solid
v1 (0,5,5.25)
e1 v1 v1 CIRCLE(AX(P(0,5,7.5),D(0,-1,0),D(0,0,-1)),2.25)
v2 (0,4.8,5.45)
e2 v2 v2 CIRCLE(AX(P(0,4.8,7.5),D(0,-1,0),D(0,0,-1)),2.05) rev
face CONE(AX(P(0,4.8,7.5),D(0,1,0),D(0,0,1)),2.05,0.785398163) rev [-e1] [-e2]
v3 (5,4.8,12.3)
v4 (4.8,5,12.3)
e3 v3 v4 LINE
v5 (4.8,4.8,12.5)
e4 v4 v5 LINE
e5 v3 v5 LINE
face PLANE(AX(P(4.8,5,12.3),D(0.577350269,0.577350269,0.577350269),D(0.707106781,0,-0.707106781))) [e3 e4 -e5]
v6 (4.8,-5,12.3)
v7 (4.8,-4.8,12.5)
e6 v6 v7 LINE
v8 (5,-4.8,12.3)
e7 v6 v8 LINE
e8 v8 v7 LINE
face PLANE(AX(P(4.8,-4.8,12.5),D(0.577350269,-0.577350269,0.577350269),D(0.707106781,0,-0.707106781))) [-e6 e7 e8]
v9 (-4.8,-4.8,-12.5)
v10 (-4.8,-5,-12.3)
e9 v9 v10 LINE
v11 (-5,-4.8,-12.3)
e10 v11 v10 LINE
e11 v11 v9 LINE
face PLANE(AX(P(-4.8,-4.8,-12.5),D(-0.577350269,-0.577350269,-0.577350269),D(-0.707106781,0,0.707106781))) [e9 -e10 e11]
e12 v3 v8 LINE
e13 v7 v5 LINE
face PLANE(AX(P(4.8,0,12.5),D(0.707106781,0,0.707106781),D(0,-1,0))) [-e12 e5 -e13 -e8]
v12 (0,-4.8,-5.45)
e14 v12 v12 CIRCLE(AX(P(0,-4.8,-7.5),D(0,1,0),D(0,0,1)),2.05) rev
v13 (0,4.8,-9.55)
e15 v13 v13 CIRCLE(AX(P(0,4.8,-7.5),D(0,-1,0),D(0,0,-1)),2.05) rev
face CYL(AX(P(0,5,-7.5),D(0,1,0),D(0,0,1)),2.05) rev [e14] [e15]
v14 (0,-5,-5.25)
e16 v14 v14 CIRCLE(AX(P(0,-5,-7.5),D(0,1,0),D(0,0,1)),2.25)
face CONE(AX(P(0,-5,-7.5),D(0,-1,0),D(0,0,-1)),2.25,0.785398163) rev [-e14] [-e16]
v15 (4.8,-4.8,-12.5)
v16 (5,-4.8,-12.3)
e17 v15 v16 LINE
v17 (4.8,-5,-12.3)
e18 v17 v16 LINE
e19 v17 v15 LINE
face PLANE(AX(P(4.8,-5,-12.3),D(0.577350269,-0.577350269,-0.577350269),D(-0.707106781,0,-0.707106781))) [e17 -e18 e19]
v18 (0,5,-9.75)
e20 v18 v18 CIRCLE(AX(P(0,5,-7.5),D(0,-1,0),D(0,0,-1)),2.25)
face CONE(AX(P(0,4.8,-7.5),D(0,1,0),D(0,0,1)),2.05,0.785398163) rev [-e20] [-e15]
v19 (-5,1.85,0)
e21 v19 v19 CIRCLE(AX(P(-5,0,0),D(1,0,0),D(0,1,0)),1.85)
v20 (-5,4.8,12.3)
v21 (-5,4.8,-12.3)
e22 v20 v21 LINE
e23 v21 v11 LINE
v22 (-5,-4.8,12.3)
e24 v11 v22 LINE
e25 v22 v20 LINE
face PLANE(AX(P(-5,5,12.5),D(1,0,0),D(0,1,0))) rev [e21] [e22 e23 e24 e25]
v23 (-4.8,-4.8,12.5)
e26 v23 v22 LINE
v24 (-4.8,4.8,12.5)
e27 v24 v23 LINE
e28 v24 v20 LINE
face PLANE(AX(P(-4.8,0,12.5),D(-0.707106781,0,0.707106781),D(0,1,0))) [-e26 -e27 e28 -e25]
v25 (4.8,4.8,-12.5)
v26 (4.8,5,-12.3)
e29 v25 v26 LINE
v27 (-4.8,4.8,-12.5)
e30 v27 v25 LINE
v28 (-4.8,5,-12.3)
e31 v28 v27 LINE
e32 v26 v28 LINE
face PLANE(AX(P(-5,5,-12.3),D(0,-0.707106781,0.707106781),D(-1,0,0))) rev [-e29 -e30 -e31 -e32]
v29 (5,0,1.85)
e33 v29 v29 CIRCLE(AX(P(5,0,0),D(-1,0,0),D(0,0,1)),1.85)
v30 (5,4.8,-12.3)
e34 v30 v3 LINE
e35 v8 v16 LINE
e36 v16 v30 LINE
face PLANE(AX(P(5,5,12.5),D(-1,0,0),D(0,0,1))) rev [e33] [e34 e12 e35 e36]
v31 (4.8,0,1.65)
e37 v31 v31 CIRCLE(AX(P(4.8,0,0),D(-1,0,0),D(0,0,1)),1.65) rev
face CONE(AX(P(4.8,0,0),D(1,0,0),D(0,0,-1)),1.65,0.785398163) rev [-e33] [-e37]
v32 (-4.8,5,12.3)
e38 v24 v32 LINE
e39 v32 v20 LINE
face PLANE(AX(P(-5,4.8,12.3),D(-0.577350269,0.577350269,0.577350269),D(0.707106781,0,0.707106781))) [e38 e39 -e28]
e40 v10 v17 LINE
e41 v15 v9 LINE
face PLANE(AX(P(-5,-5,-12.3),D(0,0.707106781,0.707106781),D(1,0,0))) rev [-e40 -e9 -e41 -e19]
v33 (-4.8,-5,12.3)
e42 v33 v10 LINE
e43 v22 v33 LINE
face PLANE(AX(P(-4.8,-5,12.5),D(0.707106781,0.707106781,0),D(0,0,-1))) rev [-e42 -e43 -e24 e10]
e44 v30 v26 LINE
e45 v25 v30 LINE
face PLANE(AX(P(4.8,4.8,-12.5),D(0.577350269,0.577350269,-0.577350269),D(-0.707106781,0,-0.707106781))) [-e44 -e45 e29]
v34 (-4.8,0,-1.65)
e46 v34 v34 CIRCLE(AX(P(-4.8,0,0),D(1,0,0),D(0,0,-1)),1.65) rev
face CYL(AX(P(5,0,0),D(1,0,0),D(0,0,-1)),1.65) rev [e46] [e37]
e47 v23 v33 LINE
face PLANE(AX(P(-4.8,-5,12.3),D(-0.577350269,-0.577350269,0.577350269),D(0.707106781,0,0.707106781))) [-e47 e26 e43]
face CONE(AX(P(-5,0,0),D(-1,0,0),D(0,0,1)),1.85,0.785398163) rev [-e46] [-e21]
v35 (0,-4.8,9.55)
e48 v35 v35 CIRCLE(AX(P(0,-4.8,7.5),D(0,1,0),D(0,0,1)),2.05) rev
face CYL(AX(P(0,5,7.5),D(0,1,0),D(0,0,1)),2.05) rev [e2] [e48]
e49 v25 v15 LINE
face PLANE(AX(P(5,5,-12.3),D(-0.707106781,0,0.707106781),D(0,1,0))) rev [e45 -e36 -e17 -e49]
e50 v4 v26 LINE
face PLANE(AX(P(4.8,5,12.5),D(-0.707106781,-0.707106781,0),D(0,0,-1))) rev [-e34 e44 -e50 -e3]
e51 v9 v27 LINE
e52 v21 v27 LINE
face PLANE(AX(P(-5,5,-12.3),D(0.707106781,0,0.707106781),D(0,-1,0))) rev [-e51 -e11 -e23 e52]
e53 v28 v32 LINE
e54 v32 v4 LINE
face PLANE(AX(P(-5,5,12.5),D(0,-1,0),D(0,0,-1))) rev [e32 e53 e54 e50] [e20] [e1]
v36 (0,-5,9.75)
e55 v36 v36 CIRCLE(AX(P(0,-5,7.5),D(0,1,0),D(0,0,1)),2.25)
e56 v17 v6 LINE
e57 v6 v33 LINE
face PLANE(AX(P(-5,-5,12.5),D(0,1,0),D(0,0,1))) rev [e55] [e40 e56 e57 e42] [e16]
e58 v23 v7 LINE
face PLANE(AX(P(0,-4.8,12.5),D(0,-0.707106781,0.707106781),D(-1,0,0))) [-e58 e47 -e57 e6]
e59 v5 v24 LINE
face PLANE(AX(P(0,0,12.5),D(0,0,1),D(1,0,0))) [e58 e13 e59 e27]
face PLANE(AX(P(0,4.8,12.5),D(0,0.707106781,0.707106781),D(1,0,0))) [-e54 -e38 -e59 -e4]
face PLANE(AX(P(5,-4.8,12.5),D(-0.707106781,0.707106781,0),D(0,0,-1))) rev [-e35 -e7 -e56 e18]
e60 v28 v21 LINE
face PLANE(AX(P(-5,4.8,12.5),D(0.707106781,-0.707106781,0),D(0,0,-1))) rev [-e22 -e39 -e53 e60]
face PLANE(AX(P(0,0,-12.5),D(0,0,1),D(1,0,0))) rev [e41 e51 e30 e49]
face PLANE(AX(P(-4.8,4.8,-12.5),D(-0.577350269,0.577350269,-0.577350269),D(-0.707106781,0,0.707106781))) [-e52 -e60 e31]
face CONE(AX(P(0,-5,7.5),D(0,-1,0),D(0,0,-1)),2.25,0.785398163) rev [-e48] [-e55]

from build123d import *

# Parameters (mm, degrees)
SKETCH_1_W              = 10
SKETCH_1_H              = 10
EXTRUDE_1_DEPTH         = 12.5
HOLE_WIZARD_M4_1_D      = 3.3
HOLE_WIZARD_4_1_4_1_1_D = 4.1
CHAMFER_1_SIZE          = 0.2


with BuildPart() as part:
    # 草图1 → 凸台-拉伸1 (new, symmetric)
    with BuildSketch(Plane.XY):
        Rectangle(SKETCH_1_W, SKETCH_1_H)
    extrude(amount=EXTRUDE_1_DEPTH, both=True)

    # M4 螺纹孔1 (through all)
    with Locations(Plane(origin=(5, 0, 0), x_dir=(0, 0, -1), z_dir=(1, 0, 0))):
        with Locations((0, 0)):
            Hole(HOLE_WIZARD_M4_1_D / 2)

    # Ø4.1 (4.1) 直径孔1 (through all)
    with Locations(Plane(origin=(0, 5, 0), x_dir=(1, 0, 0), z_dir=(0, 1, 0))):
        with Locations((0, -7.5), (0, 7.5)):
            Hole(HOLE_WIZARD_4_1_4_1_1_D / 2)

    # 倒角1
    chamfer_1_edges = [part.edges().sort_by_distance(p)[0] for p in [
        (-5, 0, 12.5),
        (5, 0, -1.65),
        (-5, 0, -1.65),
        (0, -5, 12.5),
        (2.05, 5, -7.5),
        (2.05, -5, -7.5),
        (2.05, 5, 7.5),
        (2.05, -5, 7.5),
        (5, 0, 12.5),
        (0, -5, -12.5),
        (-5, 0, -12.5),
        (0, 5, -12.5),
        (5, 0, -12.5),
        (5, -5, 0),
        (-5, -5, 0),
        (-5, 5, 0),
        (5, 5, 0),
        (0, 5, 12.5),
    ]]
    chamfer(chamfer_1_edges, length=CHAMFER_1_SIZE)


solid = part.part
